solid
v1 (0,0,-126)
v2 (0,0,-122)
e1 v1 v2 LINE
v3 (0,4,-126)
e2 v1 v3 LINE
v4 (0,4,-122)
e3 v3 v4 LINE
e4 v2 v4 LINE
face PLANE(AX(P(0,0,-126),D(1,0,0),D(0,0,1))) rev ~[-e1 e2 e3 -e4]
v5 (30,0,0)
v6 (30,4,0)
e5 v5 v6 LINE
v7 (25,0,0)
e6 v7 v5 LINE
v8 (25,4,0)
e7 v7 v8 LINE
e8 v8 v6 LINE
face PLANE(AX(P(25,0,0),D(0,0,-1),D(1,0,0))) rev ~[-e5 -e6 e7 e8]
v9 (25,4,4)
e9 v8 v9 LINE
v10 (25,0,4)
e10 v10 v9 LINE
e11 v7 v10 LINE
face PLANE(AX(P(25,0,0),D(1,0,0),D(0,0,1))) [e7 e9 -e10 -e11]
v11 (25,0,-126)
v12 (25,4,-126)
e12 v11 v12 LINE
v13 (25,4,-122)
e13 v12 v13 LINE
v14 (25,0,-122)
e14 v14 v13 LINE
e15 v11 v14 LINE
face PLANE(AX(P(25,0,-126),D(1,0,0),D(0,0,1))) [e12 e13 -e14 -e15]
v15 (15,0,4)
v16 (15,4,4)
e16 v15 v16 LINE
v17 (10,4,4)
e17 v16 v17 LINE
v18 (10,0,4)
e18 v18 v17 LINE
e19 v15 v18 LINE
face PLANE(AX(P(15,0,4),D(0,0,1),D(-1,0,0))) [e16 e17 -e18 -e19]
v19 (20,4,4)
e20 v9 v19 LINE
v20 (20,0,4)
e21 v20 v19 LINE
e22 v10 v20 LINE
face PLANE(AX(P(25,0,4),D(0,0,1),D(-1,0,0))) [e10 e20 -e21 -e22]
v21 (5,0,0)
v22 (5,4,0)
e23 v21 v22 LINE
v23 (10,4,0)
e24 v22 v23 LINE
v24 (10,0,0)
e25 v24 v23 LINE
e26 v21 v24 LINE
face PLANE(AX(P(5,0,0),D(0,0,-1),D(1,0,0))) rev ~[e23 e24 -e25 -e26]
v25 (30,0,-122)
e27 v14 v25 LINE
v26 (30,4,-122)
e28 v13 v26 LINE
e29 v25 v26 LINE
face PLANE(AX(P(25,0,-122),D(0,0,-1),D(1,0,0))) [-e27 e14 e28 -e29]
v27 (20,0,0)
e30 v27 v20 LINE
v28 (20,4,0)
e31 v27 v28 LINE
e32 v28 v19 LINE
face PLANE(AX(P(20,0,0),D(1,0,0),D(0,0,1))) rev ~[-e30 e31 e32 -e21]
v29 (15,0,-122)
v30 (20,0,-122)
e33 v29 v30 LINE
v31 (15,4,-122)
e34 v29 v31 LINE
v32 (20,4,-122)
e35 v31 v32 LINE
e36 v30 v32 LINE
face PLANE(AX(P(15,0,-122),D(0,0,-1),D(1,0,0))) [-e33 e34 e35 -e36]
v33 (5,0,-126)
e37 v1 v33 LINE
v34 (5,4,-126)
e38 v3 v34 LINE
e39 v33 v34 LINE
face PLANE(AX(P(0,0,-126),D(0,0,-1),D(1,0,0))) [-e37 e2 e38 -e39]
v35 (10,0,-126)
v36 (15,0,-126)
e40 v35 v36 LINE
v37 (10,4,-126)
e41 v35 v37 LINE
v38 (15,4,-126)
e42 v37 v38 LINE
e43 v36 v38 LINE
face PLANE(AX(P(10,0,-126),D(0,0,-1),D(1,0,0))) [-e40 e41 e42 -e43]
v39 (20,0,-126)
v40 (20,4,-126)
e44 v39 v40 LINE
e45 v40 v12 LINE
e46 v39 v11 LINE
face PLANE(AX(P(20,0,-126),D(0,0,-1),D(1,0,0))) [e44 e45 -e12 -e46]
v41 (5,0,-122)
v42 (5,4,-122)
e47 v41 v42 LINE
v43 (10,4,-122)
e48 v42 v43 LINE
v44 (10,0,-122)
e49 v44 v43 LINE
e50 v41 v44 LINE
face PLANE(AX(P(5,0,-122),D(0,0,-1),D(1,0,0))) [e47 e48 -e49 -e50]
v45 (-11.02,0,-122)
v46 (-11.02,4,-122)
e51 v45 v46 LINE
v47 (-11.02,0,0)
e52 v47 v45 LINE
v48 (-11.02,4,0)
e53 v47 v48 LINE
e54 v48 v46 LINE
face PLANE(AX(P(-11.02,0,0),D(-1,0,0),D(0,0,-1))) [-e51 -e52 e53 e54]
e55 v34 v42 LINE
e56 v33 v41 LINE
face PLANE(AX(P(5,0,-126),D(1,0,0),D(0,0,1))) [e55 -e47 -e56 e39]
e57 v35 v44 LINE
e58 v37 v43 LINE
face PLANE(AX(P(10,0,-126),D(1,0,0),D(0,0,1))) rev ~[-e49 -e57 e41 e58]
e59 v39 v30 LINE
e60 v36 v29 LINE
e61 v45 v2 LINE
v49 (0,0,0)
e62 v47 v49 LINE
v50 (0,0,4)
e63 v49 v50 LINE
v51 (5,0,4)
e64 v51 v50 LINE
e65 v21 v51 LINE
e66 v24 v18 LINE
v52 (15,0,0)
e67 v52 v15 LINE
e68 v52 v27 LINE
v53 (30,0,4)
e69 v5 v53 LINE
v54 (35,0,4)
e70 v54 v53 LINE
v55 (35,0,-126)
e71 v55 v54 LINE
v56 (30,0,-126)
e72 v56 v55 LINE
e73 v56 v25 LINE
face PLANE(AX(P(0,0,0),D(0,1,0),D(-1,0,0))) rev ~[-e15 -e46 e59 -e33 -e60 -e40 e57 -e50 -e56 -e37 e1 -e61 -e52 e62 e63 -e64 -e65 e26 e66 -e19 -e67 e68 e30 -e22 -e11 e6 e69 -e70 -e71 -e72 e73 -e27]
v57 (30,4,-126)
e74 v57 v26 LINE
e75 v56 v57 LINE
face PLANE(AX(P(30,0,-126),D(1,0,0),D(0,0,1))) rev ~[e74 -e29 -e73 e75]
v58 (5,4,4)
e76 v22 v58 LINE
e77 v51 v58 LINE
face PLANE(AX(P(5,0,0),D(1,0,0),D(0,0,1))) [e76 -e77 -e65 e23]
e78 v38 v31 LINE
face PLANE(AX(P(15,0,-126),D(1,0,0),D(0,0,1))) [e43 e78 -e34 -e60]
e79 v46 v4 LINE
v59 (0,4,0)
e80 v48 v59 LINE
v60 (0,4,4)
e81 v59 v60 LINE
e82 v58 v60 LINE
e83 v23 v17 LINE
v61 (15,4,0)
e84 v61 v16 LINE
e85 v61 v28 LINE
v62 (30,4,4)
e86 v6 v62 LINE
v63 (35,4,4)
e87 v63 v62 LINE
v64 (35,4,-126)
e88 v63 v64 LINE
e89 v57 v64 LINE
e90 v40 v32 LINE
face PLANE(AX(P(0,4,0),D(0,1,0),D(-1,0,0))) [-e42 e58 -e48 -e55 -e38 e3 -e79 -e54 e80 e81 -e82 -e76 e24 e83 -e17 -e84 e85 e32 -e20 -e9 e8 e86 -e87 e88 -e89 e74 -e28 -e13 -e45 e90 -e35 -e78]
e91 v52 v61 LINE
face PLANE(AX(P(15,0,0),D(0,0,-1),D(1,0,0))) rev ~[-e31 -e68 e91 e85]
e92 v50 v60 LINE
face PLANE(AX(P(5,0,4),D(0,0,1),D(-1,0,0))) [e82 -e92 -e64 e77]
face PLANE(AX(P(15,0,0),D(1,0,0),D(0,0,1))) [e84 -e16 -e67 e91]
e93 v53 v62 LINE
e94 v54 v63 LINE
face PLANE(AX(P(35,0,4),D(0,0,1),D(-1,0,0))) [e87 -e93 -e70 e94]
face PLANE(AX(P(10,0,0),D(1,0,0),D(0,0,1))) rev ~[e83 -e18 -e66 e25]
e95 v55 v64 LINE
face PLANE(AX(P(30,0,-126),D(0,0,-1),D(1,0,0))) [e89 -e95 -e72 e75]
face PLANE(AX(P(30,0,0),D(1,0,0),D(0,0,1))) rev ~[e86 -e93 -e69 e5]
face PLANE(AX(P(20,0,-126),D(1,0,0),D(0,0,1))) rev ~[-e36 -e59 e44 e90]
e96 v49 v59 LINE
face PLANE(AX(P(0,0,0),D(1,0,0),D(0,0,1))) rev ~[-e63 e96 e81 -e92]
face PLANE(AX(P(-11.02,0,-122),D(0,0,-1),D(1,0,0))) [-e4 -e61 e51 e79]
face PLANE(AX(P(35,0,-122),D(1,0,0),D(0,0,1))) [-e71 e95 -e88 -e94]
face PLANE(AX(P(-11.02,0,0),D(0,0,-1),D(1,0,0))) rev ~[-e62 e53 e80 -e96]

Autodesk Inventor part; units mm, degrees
ref_plane "YZ Plane" through (0, 0, 0) normal (1, 0, 0) x (0, 1, 0)
ref_plane "XZ Plane" through (0, 0, 0) normal (0, 1, 0) x (-1, 0, 0)
ref_plane "XY Plane" through (0, 0, 0) normal (0, 0, 1) x (1, 0, 0)
sketch "Sketch1" plane through (0, 0, 0) normal (0, 1, 0) x (-1, 0, 0)
  line L0 (11.02, 0) -> (0, 0)
  line L1 (-5, -122) -> (0, -122)
  line L2 (11.02, 0) -> (11.02, -122)
  line L3 (11.02, 0) -> (133.02, 0) construction
  line L4 (11.02, -122) -> (0, -122)
  line L5 (0, -126) -> (0, -122)
  line L6 (-5, -126) -> (-5, -122)
  line L7 (0, -126) -> (-5, -126)
  line L8 (-35, -122) -> (-30, -122)
  line L9 (-30, 0) -> (-35, 0)
  line L10 (0, -122) -> (-35, -122)
  line L11 (-35, -122) -> (-35, 0)
  line L12 (0, 0) -> (-35, 0)
  line L13 (-35, 0) -> (-35, 4)
  line L14 (-35, 4) -> (-30, 4)
  line L15 (-30, 0) -> (-30, 4)
  line L16 (-20, 0) -> (-20, 4)
  line L17 (-25, 4) -> (-20, 4)
  line L18 (-25, 0) -> (-25, 4)
  line L19 (-15, 0) -> (-15, 4)
  line L20 (-15, 4) -> (-10, 4)
  line L21 (-10, 0) -> (-10, 4)
  line L22 (0, 0) -> (0, 4)
  line L23 (-5, 4) -> (0, 4)
  line L24 (-5, 0) -> (-5, 4)
  line L25 (0, -126) -> (-5, -126)
  line L26 (-10, -126) -> (-10, -122)
  line L27 (-10, -126) -> (-15, -126)
  line L28 (-15, -126) -> (-15, -122)
  line L29 (-20, -126) -> (-20, -122)
  line L30 (-20, -126) -> (-25, -126)
  line L31 (-25, -126) -> (-25, -122)
  line L32 (-30, -126) -> (-30, -122)
  line L33 (-30, -126) -> (-35, -126)
  line L34 (-35, -126) -> (-35, -122)
  dimension "d0" = 90
extrude "Extrusion1" add sketch "Sketch1" along normal blind 4
properties part number "Angle_Zwischenebene"
